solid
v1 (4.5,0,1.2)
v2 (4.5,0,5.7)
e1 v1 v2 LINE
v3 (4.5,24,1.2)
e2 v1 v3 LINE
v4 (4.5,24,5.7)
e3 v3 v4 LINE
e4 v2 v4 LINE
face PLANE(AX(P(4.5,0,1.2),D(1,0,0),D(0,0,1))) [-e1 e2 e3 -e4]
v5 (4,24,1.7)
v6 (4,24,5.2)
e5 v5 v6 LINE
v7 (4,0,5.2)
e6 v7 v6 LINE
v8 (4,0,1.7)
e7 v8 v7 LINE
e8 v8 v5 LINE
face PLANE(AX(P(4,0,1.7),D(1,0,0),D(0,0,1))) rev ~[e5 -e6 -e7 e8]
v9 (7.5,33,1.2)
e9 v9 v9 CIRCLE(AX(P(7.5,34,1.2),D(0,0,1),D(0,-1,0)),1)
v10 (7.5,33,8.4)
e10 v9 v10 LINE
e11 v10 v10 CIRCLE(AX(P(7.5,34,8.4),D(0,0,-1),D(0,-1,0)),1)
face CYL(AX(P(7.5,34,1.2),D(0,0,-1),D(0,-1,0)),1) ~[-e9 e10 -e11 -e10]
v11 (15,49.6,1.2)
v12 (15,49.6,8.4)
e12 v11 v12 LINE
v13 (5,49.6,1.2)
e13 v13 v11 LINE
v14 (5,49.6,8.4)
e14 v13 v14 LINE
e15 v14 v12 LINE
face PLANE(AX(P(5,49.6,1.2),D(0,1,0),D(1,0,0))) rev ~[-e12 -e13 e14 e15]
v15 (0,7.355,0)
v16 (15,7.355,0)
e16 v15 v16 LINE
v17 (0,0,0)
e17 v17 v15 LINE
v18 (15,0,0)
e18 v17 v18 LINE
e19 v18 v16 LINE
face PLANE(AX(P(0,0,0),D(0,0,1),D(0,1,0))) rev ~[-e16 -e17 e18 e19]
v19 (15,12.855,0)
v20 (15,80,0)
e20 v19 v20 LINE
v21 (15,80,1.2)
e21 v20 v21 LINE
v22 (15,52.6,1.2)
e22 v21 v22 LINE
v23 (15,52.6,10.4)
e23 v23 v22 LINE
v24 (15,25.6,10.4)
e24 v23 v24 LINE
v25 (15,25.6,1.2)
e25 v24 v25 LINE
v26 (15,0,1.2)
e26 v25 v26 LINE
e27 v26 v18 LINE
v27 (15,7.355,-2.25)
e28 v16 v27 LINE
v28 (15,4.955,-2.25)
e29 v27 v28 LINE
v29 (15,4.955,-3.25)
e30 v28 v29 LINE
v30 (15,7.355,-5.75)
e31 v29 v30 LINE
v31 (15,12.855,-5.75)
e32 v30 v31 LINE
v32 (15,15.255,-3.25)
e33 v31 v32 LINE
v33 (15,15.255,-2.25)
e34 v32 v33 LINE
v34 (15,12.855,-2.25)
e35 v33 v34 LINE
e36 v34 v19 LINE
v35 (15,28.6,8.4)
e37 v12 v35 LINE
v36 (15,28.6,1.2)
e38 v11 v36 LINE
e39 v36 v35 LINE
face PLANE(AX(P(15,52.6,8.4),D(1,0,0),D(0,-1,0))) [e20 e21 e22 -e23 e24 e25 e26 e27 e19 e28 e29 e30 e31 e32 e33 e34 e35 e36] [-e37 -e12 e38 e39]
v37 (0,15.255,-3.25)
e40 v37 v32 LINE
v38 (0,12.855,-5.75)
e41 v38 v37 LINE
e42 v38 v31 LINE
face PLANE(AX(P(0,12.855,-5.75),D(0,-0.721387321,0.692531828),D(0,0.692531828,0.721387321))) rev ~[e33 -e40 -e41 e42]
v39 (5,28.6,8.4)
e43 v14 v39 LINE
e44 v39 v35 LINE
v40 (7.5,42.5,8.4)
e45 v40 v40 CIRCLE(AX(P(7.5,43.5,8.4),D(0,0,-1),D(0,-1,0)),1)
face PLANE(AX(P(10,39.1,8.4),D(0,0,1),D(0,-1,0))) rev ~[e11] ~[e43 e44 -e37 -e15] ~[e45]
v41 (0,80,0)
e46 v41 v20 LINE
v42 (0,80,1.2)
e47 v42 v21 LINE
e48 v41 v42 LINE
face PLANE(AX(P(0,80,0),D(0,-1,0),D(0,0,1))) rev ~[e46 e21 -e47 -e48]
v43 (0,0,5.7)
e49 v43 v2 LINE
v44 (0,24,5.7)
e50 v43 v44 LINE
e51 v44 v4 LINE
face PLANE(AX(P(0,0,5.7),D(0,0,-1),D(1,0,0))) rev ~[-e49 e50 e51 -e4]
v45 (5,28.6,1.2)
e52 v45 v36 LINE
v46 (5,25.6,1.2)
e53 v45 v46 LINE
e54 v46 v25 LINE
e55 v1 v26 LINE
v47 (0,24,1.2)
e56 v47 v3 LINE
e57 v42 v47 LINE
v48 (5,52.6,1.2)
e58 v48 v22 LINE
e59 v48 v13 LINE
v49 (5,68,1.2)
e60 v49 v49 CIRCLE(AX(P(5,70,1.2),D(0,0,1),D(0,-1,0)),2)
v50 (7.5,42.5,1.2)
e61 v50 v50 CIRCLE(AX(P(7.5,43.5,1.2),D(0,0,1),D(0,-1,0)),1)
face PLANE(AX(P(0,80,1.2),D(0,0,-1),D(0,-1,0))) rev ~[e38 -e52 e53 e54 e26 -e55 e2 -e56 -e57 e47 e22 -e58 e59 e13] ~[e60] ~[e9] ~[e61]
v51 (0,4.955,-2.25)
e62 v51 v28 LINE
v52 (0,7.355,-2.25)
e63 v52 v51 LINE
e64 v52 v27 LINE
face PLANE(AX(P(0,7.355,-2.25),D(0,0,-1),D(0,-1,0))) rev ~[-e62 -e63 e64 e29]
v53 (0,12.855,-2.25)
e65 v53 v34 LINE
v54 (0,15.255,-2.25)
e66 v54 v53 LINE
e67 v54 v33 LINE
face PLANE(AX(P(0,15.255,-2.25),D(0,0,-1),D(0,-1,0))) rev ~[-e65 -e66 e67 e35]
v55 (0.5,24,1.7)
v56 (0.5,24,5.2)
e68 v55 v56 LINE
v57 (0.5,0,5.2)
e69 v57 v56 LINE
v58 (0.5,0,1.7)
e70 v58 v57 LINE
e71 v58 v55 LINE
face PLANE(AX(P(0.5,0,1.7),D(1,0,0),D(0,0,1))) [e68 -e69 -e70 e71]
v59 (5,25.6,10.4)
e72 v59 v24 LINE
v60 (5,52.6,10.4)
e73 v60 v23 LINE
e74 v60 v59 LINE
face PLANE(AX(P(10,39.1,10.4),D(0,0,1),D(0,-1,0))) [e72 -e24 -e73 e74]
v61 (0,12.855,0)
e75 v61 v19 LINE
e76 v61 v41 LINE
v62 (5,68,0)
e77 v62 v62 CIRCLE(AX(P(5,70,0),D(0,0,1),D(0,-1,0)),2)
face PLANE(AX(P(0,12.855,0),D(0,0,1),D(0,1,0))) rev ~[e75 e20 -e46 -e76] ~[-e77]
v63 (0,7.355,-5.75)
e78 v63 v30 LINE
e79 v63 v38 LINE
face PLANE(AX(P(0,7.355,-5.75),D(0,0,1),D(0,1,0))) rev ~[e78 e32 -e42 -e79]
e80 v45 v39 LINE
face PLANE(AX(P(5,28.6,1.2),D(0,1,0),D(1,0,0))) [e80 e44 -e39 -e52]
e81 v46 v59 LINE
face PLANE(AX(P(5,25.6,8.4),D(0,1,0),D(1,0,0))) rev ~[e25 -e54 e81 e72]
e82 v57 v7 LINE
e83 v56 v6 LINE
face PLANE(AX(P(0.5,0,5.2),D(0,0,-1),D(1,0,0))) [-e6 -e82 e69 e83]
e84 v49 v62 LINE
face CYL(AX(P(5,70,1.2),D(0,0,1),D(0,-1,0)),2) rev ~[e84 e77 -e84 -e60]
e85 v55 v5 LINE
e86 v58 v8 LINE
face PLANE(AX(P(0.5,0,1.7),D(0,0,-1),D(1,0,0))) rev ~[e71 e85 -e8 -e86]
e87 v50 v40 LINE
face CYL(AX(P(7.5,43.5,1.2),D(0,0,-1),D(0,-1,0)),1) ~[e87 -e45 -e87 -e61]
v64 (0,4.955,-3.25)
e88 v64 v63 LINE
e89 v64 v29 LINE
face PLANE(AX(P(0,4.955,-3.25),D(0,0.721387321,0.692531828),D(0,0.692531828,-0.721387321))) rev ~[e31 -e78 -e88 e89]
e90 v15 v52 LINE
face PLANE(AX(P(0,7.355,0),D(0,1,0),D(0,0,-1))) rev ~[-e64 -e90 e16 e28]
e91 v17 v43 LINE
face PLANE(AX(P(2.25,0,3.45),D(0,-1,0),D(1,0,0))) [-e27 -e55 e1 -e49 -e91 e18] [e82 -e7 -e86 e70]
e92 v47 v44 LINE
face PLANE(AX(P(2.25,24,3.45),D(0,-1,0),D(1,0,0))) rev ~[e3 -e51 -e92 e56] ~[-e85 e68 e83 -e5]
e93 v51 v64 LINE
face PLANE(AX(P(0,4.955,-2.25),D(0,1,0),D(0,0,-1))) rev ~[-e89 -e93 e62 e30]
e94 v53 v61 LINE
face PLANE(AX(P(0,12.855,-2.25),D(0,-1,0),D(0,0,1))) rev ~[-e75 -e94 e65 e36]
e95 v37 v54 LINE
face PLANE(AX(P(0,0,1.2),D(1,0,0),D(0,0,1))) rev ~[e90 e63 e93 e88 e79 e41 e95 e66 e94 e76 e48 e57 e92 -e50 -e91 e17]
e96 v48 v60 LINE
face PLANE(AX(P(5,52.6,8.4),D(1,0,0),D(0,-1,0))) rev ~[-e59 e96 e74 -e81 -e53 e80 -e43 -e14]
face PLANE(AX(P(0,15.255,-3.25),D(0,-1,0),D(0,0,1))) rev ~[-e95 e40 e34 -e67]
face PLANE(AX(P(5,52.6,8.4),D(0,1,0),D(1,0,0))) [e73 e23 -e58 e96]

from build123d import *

# Parameters (mm, degrees)
PAD_DEPTH     = 15
SKETCH001_R   = 2
POCKET_DEPTH  = 6.951
SKETCH003_R   = 1
PAD001_DEPTH  = 9
SKETCH004_W   = 4.5
SKETCH004_H   = 4.5
SKETCH004_W_2 = 3.5
SKETCH004_H_2 = 3.5
PAD002_DEPTH  = 24
SKETCH008_W   = 3
SKETCH008_H   = 10
PAD005_DEPTH  = 7.2
SKETCH009_W   = 27
SKETCH009_H   = 10
PAD006_DEPTH  = 2


with BuildPart() as part:
    # Sketch → Pad (new body)
    with BuildSketch(Plane.YZ):
        Polygon((0, 0), (7.355, 0), (7.355, -2.25), (4.955, -2.25), (4.955, -3.25), (7.355, -5.75), (12.855, -5.75), (15.255, -3.25), (15.255, -2.25), (12.855, -2.25), (12.855, 0), (80, 0), (80, 1.2), (0, 1.2), align=None)
    extrude(amount=PAD_DEPTH)

    # Sketch001 (on Face13 of Pad) → Pocket (cut, through all)
    with BuildSketch(Plane(origin=(0, 0, 1.2), x_dir=(0, -1, 0), z_dir=(0, 0, 1))):
        with Locations((-70, 5)):
            Circle(SKETCH001_R)
    extrude(amount=-POCKET_DEPTH, mode=Mode.SUBTRACT)

    # Sketch003 (on Face6 of Pocket) → Pad001 (join)
    with BuildSketch(Plane(origin=(0, 0, 1.2), x_dir=(0, -1, 0), z_dir=(0, 0, 1))):
        with Locations((-43.5, 7.5)):
            Circle(SKETCH003_R)
        with Locations((-34, 7.5)):
            Circle(SKETCH003_R)
    extrude(amount=PAD001_DEPTH)

    # Sketch004 → Pad002 (join)
    with BuildSketch(Plane.XZ):
        with Locations((2.25, 3.45)):
            Rectangle(SKETCH004_W, SKETCH004_H)
        with Locations((2.25, 3.45)):
            Rectangle(SKETCH004_W_2, SKETCH004_H_2, mode=Mode.SUBTRACT)
    extrude(amount=-PAD002_DEPTH)

    # Sketch008 (on Face6 of Pad002) → Pad005 (join)
    with BuildSketch(Plane(origin=(0, 0, 1.2), x_dir=(0, -1, 0), z_dir=(0, 0, 1))):
        with Locations((-51.1, 10)):
            Rectangle(SKETCH008_W, SKETCH008_H)
        with Locations((-27.1, 10)):
            Rectangle(SKETCH008_W, SKETCH008_H)
    extrude(amount=PAD005_DEPTH)

    # Sketch009 (on Face32 of Pad005) → Pad006 (join)
    with BuildSketch(Plane(origin=(0, 0, 8.4), x_dir=(0, -1, 0), z_dir=(0, 0, 1))):
        with Locations((-39.1, 10)):
            Rectangle(SKETCH009_W, SKETCH009_H)
    extrude(amount=PAD006_DEPTH)


solid = part.part
